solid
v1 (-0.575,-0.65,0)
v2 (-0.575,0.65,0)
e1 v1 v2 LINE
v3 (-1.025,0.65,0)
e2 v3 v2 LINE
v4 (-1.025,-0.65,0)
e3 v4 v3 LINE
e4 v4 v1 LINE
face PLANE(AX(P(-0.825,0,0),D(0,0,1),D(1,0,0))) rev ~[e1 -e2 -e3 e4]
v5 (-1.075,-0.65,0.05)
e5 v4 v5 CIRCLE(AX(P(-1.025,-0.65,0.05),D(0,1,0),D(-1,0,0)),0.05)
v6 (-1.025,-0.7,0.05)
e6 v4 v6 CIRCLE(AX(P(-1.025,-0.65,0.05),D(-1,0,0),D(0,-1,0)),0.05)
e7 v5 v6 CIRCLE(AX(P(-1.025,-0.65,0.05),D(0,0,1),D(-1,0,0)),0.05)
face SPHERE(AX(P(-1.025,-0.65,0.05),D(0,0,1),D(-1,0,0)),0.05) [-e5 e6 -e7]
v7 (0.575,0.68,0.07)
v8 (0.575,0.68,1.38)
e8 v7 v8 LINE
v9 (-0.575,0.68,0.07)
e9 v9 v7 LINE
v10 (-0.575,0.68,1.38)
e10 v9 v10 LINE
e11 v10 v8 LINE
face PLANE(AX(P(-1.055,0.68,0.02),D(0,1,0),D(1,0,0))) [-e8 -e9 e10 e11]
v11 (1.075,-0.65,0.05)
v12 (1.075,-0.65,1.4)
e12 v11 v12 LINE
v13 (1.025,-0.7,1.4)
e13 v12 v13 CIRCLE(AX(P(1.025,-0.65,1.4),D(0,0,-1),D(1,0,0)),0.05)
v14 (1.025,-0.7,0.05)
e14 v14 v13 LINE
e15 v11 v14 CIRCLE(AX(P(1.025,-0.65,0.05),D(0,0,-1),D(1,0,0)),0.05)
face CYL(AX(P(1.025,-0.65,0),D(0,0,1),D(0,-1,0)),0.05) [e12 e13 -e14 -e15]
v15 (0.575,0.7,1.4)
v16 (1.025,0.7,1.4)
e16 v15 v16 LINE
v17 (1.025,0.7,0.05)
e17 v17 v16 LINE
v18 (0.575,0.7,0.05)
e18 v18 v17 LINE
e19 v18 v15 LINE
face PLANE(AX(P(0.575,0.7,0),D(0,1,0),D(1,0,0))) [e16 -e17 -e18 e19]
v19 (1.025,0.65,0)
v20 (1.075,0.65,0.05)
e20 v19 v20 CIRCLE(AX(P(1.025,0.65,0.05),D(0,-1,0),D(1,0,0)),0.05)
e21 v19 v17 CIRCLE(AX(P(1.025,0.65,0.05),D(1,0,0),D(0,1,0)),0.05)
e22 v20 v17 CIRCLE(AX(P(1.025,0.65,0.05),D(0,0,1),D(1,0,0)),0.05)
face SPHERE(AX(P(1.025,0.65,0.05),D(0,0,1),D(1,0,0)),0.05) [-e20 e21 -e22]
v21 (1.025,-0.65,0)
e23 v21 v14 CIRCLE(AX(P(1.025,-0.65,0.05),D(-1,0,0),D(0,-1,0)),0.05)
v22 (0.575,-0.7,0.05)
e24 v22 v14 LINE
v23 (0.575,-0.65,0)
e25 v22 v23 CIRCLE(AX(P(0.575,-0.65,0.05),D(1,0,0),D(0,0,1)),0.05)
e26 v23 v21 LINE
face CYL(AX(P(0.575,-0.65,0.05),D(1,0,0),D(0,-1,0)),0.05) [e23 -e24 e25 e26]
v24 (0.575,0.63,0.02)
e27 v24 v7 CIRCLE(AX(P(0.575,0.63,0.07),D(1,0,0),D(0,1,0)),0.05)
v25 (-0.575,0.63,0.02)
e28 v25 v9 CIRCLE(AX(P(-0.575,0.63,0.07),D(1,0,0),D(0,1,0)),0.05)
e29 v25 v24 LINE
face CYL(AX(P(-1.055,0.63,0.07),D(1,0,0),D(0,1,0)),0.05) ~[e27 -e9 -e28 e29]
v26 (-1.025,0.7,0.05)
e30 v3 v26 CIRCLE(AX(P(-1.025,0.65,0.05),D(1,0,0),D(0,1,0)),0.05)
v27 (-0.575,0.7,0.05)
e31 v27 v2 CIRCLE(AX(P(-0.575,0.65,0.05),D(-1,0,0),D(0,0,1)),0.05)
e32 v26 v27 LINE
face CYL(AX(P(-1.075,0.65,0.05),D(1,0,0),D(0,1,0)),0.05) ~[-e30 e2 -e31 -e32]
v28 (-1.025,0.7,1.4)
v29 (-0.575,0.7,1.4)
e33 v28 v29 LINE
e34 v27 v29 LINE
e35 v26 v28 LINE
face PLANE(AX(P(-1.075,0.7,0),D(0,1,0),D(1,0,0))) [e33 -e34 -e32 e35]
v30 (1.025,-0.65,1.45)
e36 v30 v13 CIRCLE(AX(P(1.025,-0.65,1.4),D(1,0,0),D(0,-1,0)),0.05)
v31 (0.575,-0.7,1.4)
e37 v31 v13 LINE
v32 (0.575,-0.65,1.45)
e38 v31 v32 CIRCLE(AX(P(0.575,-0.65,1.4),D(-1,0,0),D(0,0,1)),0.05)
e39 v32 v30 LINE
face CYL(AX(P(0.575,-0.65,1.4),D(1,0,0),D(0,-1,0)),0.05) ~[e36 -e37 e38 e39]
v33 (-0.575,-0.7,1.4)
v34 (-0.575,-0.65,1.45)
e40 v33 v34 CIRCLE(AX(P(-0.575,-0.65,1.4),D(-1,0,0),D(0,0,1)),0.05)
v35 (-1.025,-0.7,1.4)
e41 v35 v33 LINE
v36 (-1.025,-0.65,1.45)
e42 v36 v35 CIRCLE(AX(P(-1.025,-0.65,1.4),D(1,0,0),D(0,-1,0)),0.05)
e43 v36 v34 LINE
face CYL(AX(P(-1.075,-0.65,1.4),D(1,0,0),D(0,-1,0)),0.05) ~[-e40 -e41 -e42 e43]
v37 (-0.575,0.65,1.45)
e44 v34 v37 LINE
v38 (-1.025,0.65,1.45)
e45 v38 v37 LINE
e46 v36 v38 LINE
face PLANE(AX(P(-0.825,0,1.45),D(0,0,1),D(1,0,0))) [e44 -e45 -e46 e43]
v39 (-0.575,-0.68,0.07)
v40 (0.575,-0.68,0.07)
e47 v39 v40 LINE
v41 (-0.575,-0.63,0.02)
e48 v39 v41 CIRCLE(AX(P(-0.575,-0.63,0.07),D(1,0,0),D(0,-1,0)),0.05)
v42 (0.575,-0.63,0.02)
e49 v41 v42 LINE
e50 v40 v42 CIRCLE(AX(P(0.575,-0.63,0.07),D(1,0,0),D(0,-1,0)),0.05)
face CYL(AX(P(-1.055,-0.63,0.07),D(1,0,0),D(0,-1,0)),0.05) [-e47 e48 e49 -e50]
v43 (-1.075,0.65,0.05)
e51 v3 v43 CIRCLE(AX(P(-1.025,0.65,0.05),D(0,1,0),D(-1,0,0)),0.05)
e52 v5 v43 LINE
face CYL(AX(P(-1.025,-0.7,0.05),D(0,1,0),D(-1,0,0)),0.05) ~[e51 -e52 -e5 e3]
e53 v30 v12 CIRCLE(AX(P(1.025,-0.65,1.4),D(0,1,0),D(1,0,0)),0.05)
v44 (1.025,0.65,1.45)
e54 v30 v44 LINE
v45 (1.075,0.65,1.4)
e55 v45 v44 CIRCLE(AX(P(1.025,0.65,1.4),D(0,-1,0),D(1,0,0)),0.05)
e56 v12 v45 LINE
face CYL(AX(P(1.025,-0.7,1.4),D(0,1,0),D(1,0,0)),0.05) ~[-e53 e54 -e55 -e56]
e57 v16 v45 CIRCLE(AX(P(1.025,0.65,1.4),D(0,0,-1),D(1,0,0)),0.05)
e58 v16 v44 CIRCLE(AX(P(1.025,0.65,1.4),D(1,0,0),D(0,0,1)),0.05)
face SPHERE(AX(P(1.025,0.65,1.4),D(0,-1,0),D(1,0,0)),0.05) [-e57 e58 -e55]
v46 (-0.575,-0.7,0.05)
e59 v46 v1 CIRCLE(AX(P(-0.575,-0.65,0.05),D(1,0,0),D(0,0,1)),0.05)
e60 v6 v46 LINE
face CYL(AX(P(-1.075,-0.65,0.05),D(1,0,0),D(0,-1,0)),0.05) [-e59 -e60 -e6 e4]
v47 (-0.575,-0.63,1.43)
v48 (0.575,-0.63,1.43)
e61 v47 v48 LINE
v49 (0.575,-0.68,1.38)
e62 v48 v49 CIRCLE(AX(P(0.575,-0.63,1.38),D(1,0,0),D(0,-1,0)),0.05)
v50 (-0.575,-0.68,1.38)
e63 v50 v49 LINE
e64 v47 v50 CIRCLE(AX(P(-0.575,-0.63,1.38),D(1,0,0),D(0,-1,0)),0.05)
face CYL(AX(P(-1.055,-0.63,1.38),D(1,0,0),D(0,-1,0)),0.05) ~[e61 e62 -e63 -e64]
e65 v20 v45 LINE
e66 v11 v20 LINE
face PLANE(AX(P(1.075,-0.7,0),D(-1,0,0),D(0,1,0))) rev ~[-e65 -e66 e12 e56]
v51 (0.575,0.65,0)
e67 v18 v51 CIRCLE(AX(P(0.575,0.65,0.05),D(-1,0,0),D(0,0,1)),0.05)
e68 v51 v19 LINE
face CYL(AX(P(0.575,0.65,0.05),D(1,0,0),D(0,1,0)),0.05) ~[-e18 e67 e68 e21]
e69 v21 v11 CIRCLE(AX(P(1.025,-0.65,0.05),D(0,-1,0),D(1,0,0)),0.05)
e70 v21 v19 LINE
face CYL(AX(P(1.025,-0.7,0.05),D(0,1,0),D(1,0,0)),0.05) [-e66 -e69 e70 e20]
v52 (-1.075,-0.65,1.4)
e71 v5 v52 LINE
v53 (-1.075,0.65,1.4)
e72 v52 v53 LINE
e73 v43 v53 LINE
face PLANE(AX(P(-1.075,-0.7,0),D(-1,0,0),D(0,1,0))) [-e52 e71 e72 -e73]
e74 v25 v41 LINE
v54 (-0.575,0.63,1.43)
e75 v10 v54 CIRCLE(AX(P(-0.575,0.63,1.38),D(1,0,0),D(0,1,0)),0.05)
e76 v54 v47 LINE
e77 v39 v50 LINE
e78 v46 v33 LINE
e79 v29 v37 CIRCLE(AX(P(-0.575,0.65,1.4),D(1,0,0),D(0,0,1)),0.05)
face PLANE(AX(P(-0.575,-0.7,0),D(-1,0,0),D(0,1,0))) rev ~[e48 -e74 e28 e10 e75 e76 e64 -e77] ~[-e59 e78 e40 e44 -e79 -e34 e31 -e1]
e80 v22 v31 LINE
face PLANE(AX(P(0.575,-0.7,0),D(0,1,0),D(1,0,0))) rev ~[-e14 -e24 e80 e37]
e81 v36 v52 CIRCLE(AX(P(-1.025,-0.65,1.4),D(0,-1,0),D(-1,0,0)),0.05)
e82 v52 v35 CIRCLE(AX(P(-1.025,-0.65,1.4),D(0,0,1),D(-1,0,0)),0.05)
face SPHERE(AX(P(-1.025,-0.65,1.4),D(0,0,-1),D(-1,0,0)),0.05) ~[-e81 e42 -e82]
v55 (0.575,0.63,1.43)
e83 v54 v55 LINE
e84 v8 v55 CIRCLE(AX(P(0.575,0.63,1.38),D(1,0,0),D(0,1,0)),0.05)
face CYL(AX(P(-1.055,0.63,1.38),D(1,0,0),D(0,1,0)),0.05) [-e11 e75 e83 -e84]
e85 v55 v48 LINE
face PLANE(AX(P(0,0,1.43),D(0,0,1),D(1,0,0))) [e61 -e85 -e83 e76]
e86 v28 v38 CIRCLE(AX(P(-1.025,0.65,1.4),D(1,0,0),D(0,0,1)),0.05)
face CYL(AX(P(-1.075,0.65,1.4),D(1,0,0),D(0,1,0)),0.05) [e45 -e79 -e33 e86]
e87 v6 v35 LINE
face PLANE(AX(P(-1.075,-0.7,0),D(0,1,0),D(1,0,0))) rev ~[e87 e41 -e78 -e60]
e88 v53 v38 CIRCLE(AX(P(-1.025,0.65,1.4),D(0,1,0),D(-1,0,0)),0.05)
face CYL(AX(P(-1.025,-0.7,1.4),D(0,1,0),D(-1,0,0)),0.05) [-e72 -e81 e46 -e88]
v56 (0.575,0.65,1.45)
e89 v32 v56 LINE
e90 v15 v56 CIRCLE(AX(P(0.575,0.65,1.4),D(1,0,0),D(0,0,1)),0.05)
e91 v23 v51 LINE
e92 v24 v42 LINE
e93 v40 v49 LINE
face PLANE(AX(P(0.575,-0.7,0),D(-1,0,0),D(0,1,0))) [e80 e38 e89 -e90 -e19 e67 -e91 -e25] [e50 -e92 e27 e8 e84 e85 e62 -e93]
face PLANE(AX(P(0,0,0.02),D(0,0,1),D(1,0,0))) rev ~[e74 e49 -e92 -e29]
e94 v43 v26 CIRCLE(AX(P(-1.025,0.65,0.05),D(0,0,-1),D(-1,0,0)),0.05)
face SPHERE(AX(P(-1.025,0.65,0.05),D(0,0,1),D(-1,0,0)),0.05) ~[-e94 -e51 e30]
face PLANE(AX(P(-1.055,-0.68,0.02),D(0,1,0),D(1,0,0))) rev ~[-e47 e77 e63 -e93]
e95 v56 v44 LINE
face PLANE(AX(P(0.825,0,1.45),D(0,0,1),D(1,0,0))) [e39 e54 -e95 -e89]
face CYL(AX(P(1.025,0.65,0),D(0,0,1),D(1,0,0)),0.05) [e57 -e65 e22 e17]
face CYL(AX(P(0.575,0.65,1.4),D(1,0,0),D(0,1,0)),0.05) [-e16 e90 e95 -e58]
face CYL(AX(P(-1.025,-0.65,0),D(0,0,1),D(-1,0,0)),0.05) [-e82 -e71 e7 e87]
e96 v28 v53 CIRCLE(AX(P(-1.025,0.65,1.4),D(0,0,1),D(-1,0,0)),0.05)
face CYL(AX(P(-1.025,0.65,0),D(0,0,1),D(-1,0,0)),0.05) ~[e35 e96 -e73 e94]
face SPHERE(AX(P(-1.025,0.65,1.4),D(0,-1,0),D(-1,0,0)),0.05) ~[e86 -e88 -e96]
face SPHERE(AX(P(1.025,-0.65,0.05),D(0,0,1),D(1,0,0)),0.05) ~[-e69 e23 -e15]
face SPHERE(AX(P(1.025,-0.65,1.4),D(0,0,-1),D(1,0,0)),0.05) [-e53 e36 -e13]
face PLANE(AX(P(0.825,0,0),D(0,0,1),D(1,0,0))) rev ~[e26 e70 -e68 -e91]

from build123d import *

# Parameters (mm, degrees)
PLATING_LEFT_W      = 0.5
PLATING_LEFT_H      = 1.4
PLATING_LEFT_DEPTH  = 1.45
PLATING_LEFT_F_R    = 0.05
PLATING_RIGHT_W     = 0.5
PLATING_RIGHT_H     = 1.4
PLATING_RIGHT_DEPTH = 1.45
PLATING_RIGHT_F_R   = 0.05
CHIP_W              = 2.11
CHIP_H              = 1.36
CHIP_DEPTH          = 1.41
CHIP_F_R            = 0.05


with BuildPart() as plating_left_f:
    # plating_left → plating_left (new body)
    with BuildSketch(Plane(origin=(-1.075, -0.7, 0), x_dir=(1, 0, 0), z_dir=(0, 0, 1))):
        with Locations((0.25, 0.7)):
            Rectangle(PLATING_LEFT_W, PLATING_LEFT_H)
    extrude(amount=PLATING_LEFT_DEPTH)

    # plating_left_f
    plating_left_f_edges = [plating_left_f.edges().sort_by_distance(p)[0] for p in [
        (-1.075, -0.7, 0.725),
        (-1.075, 0, 1.45),
        (-1.075, 0.7, 0.725),
        (-1.075, 0, 0),
        (-0.825, -0.7, 0),
        (-0.825, -0.7, 1.45),
        (-0.825, 0.7, 0),
        (-0.825, 0.7, 1.45),
    ]]
    fillet(plating_left_f_edges, radius=PLATING_LEFT_F_R)


with BuildPart() as plating_right_f:
    # plating_right → plating_right (new body)
    with BuildSketch(Plane(origin=(0.575, -0.7, 0), x_dir=(1, 0, 0), z_dir=(0, 0, 1))):
        with Locations((0.25, 0.7)):
            Rectangle(PLATING_RIGHT_W, PLATING_RIGHT_H)
    extrude(amount=PLATING_RIGHT_DEPTH)

    # plating_right_f
    plating_right_f_edges = [plating_right_f.edges().sort_by_distance(p)[0] for p in [
        (1.075, -0.7, 0.725),
        (1.075, 0, 1.45),
        (1.075, 0.7, 0.725),
        (1.075, 0, 0),
        (0.825, -0.7, 0),
        (0.825, -0.7, 1.45),
        (0.825, 0.7, 0),
        (0.825, 0.7, 1.45),
    ]]
    fillet(plating_right_f_edges, radius=PLATING_RIGHT_F_R)


with BuildPart() as capacitor:
    # chip → chip (new body)
    with BuildSketch(Plane(origin=(-1.055, -0.68, 0.02), x_dir=(1, 0, 0), z_dir=(0, 0, 1))):
        with Locations((1.055, 0.68)):
            Rectangle(CHIP_W, CHIP_H)
    extrude(amount=CHIP_DEPTH)

    # chip_f
    chip_f_edges = [capacitor.edges().sort_by_distance(p)[0] for p in [
        (0, -0.68, 0.02),
        (0, -0.68, 1.43),
        (0, 0.68, 0.02),
        (0, 0.68, 1.43),
    ]]
    fillet(chip_f_edges, radius=CHIP_F_R)

    # capacitor: union plating_left_f, plating_right_f
    add(plating_left_f.part)
    add(plating_right_f.part)


solid = capacitor.part
